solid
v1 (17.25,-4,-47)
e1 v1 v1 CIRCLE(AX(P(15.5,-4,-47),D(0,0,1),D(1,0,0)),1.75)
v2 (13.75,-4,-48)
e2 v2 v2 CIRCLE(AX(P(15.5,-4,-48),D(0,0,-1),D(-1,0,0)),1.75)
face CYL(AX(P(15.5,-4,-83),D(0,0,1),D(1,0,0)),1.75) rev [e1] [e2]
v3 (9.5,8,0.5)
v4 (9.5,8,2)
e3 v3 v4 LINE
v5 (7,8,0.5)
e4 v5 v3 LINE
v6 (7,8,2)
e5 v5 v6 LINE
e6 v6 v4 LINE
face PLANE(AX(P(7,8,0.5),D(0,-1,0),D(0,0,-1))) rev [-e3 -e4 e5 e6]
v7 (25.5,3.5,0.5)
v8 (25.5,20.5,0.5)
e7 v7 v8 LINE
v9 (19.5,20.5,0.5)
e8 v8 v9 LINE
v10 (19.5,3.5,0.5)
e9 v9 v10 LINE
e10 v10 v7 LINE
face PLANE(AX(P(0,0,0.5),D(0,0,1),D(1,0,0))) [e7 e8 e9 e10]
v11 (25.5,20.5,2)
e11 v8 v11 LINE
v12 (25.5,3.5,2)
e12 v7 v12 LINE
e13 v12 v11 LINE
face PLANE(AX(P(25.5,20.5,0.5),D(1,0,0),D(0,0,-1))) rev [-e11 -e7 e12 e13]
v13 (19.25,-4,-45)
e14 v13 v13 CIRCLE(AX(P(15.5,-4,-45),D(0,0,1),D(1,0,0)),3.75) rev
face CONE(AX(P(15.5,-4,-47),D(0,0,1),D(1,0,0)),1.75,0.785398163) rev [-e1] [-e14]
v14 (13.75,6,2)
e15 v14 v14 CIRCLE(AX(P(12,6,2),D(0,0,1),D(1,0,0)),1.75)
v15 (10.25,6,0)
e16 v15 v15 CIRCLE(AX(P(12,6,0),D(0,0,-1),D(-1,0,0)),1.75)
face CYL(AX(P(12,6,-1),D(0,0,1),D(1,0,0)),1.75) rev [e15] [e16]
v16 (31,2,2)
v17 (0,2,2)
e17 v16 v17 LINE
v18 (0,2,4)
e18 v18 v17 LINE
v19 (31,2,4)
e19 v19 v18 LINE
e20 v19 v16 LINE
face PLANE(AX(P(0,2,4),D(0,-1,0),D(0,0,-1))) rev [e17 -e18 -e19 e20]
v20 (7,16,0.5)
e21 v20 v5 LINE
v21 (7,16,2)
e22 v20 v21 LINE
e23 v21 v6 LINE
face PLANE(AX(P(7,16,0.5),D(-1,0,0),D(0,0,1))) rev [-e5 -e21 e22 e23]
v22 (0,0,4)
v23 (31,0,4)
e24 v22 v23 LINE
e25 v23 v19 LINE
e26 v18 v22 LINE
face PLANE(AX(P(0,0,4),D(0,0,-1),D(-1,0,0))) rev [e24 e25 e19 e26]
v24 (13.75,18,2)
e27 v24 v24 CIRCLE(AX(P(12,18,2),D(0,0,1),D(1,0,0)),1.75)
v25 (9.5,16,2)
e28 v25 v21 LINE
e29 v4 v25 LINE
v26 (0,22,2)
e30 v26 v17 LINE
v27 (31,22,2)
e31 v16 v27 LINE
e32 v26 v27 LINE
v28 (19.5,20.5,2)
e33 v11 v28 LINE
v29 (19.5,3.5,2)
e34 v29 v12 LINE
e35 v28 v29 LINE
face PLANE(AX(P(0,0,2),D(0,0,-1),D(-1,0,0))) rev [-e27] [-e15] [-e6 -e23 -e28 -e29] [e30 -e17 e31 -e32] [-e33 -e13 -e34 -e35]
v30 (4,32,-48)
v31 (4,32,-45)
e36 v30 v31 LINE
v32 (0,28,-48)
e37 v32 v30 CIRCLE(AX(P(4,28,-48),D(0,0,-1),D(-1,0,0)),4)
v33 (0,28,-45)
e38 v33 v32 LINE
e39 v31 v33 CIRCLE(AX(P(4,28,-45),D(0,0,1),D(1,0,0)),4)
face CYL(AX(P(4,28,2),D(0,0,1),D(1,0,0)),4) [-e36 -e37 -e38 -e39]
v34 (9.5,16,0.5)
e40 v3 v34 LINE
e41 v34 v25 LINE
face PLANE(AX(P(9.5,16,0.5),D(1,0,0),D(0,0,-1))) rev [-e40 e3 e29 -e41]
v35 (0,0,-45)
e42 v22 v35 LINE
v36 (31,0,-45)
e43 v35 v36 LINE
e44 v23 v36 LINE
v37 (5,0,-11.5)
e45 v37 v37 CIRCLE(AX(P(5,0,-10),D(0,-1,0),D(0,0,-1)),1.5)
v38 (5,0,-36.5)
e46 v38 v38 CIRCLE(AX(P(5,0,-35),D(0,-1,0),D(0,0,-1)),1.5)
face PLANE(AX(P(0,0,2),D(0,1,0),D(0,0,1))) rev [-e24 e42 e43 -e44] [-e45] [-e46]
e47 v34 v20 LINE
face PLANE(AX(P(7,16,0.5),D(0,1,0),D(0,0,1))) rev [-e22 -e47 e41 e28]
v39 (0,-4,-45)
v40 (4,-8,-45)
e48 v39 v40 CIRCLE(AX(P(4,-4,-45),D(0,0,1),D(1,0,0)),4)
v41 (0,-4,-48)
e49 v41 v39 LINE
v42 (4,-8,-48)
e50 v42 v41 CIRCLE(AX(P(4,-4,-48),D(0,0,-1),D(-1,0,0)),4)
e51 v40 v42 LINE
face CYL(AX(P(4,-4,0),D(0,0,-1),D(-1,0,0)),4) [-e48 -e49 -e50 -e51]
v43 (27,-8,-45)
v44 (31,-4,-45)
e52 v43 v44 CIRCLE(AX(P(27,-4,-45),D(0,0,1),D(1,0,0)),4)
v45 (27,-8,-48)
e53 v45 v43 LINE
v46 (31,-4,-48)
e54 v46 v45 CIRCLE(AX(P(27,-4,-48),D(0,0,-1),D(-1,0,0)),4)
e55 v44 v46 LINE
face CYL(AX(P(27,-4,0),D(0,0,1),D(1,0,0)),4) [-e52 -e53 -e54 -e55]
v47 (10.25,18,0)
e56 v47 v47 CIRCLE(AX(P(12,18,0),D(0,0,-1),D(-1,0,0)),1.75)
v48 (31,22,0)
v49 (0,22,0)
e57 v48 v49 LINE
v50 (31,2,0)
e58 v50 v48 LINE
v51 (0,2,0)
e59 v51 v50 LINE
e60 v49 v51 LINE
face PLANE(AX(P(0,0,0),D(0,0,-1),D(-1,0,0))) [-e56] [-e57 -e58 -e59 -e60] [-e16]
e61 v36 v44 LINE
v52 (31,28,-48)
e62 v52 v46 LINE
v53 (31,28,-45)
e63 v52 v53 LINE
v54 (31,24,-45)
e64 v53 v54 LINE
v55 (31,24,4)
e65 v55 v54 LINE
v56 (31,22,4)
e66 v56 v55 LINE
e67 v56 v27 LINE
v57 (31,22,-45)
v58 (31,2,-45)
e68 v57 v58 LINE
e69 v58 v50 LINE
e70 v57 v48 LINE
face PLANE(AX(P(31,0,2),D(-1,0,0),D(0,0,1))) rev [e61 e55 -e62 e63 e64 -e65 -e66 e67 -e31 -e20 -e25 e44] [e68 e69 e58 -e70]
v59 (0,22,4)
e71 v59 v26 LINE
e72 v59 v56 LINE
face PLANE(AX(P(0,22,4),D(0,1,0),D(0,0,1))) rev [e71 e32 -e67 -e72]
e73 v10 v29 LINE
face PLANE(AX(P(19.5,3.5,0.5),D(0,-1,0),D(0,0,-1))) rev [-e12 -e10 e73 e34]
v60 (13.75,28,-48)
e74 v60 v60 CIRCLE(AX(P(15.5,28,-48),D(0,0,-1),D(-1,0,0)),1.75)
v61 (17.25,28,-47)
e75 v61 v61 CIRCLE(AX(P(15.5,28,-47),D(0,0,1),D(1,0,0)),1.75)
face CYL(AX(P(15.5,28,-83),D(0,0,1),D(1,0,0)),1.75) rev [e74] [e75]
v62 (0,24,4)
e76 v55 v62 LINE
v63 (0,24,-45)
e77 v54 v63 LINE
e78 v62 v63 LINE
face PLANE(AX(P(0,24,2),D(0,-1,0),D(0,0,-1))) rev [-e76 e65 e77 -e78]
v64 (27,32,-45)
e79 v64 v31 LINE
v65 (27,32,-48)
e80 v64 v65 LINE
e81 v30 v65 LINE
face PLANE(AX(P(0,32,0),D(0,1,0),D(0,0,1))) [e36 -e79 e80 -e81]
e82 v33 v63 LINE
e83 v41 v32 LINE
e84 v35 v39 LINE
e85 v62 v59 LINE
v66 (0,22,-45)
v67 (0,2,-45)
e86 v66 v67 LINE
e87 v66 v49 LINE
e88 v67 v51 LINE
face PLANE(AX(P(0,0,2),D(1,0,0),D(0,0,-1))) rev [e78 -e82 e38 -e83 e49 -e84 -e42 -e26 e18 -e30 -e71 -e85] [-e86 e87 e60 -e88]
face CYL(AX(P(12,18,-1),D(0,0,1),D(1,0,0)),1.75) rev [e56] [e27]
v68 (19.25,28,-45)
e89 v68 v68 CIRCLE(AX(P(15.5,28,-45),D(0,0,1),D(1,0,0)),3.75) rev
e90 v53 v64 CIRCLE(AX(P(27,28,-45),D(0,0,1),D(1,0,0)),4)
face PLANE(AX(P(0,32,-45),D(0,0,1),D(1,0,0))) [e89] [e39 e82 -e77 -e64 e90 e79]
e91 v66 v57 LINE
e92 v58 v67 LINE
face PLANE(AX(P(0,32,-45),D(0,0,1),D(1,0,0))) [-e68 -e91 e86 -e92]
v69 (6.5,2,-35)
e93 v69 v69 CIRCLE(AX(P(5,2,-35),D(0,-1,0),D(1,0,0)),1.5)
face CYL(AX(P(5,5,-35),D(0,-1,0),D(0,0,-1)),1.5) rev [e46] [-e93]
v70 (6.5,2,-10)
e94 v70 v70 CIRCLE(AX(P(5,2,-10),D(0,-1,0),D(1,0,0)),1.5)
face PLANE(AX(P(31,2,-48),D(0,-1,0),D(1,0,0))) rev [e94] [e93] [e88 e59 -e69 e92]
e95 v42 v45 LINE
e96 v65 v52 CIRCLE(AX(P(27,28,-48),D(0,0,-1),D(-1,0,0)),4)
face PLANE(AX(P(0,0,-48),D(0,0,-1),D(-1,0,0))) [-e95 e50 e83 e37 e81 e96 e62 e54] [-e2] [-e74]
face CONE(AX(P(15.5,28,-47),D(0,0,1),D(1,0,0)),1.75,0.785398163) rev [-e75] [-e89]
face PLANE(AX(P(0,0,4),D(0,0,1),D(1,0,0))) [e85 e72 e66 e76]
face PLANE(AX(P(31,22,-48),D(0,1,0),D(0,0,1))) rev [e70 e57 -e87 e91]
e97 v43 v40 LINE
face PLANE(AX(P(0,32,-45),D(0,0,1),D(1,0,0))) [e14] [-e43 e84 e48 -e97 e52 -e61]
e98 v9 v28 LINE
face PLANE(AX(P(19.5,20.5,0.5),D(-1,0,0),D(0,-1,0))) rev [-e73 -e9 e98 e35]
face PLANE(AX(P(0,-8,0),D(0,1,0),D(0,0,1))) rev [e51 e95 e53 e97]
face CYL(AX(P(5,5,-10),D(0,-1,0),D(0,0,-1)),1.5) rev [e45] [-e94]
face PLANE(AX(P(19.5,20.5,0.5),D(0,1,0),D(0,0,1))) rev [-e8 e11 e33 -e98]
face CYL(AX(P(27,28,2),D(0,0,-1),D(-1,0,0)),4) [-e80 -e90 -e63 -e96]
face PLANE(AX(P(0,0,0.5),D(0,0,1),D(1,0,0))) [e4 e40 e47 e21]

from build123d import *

# Parameters (mm, degrees)
SKETCH1_W           = 31
SKETCH1_H           = 24
BOSS_EXTRUDE1_DEPTH = 2
SKETCH2_W           = 31
SKETCH2_H           = 2
BOSS_EXTRUDE2_DEPTH = 2
SKETCH4_R           = 1.75
CUT_EXTRUDE1_DEPTH  = 3
SKETCH5_W           = 2.5
SKETCH5_H           = 8
SKETCH5_W_2         = 6
SKETCH5_H_2         = 17
CUT_EXTRUDE2_DEPTH  = 1.5
SKETCH6_W           = 31
SKETCH6_H           = 2
BOSS_EXTRUDE4_DEPTH = 48
BOSS_EXTRUDE5_START = 8
SKETCH8_W           = 31
SKETCH8_H           = 3
BOSS_EXTRUDE5_DEPTH = 40
SKETCH9_R           = 1.75
CUT_EXTRUDE3_DEPTH  = 38
CHAMFER1_SIZE       = 2
FILLET1_R           = 4
SKETCH10_R          = 1.5
CUT_EXTRUDE4_DEPTH  = 5


with BuildPart() as part:
    # Sketch1 → Boss-Extrude1 (new body)
    with BuildSketch(Plane.XY):
        with Locations((15.5, 12)):
            Rectangle(SKETCH1_W, SKETCH1_H)
    extrude(amount=BOSS_EXTRUDE1_DEPTH)

    # Sketch2 → Boss-Extrude2 (add)
    with BuildSketch(Plane.XY.offset(2)):
        with Locations((15.5, 23)):
            Rectangle(SKETCH2_W, SKETCH2_H)
        with Locations((15.5, 1)):
            Rectangle(SKETCH2_W, SKETCH2_H)
    extrude(amount=BOSS_EXTRUDE2_DEPTH)

    # Sketch4 → Cut-Extrude1 (cut)
    with BuildSketch(Plane.XY.offset(2)):
        with Locations((12, 18)):
            Circle(SKETCH4_R)
        with Locations((12, 6)):
            Circle(SKETCH4_R)
    extrude(amount=-CUT_EXTRUDE1_DEPTH, mode=Mode.SUBTRACT)

    # Sketch5 → Cut-Extrude2 (cut)
    with BuildSketch(Plane.XY.offset(2)):
        with Locations((8.25, 12)):
            Rectangle(SKETCH5_W, SKETCH5_H)
        with Locations((22.5, 12)):
            Rectangle(SKETCH5_W_2, SKETCH5_H_2)
    extrude(amount=-CUT_EXTRUDE2_DEPTH, mode=Mode.SUBTRACT)

    # Sketch6 → Boss-Extrude4 (add)
    with BuildSketch(Plane(origin=(0, 0, 0), x_dir=(-1, 0, 0), z_dir=(0, 0, -1))):
        with Locations((-15.5, 23)):
            Rectangle(SKETCH6_W, SKETCH6_H)
        with Locations((-15.5, 1)):
            Rectangle(SKETCH6_W, SKETCH6_H)
    extrude(amount=BOSS_EXTRUDE4_DEPTH)

    # Sketch8 → Boss-Extrude5 (add)
    with BuildSketch(Plane.XZ.offset(BOSS_EXTRUDE5_START)):
        with Locations((15.5, -46.5)):
            Rectangle(SKETCH8_W, SKETCH8_H)
    extrude(amount=-BOSS_EXTRUDE5_DEPTH)

    # Sketch9 → Cut-Extrude3 (cut)
    with BuildSketch(Plane.XY.offset(-45)):
        with Locations((15.5, 28)):
            Circle(SKETCH9_R)
        with Locations((15.5, -4)):
            Circle(SKETCH9_R)
    extrude(amount=-CUT_EXTRUDE3_DEPTH, mode=Mode.SUBTRACT)

    # Chamfer1
    chamfer1_edges = [part.edges().sort_by_distance(p)[0] for p in [
        (13.75, 28, -45),
        (13.75, -4, -45),
    ]]
    chamfer(chamfer1_edges, length=CHAMFER1_SIZE)

    # Fillet1
    fillet1_edges = [part.edges().sort_by_distance(p)[0] for p in [
        (0, 32, -46.5),
        (31, 32, -46.5),
        (0, -8, -46.5),
        (31, -8, -46.5),
    ]]
    fillet(fillet1_edges, radius=FILLET1_R)

    # Sketch10 → Cut-Extrude4 (cut)
    with BuildSketch(Plane.XZ):
        with Locations(Location((5, -10, 0), (0, 0, 270))):
            Circle(SKETCH10_R)
        with Locations(Location((5, -35, 0), (0, 0, 270))):
            Circle(SKETCH10_R)
    extrude(amount=-CUT_EXTRUDE4_DEPTH, mode=Mode.SUBTRACT)


solid = part.part
